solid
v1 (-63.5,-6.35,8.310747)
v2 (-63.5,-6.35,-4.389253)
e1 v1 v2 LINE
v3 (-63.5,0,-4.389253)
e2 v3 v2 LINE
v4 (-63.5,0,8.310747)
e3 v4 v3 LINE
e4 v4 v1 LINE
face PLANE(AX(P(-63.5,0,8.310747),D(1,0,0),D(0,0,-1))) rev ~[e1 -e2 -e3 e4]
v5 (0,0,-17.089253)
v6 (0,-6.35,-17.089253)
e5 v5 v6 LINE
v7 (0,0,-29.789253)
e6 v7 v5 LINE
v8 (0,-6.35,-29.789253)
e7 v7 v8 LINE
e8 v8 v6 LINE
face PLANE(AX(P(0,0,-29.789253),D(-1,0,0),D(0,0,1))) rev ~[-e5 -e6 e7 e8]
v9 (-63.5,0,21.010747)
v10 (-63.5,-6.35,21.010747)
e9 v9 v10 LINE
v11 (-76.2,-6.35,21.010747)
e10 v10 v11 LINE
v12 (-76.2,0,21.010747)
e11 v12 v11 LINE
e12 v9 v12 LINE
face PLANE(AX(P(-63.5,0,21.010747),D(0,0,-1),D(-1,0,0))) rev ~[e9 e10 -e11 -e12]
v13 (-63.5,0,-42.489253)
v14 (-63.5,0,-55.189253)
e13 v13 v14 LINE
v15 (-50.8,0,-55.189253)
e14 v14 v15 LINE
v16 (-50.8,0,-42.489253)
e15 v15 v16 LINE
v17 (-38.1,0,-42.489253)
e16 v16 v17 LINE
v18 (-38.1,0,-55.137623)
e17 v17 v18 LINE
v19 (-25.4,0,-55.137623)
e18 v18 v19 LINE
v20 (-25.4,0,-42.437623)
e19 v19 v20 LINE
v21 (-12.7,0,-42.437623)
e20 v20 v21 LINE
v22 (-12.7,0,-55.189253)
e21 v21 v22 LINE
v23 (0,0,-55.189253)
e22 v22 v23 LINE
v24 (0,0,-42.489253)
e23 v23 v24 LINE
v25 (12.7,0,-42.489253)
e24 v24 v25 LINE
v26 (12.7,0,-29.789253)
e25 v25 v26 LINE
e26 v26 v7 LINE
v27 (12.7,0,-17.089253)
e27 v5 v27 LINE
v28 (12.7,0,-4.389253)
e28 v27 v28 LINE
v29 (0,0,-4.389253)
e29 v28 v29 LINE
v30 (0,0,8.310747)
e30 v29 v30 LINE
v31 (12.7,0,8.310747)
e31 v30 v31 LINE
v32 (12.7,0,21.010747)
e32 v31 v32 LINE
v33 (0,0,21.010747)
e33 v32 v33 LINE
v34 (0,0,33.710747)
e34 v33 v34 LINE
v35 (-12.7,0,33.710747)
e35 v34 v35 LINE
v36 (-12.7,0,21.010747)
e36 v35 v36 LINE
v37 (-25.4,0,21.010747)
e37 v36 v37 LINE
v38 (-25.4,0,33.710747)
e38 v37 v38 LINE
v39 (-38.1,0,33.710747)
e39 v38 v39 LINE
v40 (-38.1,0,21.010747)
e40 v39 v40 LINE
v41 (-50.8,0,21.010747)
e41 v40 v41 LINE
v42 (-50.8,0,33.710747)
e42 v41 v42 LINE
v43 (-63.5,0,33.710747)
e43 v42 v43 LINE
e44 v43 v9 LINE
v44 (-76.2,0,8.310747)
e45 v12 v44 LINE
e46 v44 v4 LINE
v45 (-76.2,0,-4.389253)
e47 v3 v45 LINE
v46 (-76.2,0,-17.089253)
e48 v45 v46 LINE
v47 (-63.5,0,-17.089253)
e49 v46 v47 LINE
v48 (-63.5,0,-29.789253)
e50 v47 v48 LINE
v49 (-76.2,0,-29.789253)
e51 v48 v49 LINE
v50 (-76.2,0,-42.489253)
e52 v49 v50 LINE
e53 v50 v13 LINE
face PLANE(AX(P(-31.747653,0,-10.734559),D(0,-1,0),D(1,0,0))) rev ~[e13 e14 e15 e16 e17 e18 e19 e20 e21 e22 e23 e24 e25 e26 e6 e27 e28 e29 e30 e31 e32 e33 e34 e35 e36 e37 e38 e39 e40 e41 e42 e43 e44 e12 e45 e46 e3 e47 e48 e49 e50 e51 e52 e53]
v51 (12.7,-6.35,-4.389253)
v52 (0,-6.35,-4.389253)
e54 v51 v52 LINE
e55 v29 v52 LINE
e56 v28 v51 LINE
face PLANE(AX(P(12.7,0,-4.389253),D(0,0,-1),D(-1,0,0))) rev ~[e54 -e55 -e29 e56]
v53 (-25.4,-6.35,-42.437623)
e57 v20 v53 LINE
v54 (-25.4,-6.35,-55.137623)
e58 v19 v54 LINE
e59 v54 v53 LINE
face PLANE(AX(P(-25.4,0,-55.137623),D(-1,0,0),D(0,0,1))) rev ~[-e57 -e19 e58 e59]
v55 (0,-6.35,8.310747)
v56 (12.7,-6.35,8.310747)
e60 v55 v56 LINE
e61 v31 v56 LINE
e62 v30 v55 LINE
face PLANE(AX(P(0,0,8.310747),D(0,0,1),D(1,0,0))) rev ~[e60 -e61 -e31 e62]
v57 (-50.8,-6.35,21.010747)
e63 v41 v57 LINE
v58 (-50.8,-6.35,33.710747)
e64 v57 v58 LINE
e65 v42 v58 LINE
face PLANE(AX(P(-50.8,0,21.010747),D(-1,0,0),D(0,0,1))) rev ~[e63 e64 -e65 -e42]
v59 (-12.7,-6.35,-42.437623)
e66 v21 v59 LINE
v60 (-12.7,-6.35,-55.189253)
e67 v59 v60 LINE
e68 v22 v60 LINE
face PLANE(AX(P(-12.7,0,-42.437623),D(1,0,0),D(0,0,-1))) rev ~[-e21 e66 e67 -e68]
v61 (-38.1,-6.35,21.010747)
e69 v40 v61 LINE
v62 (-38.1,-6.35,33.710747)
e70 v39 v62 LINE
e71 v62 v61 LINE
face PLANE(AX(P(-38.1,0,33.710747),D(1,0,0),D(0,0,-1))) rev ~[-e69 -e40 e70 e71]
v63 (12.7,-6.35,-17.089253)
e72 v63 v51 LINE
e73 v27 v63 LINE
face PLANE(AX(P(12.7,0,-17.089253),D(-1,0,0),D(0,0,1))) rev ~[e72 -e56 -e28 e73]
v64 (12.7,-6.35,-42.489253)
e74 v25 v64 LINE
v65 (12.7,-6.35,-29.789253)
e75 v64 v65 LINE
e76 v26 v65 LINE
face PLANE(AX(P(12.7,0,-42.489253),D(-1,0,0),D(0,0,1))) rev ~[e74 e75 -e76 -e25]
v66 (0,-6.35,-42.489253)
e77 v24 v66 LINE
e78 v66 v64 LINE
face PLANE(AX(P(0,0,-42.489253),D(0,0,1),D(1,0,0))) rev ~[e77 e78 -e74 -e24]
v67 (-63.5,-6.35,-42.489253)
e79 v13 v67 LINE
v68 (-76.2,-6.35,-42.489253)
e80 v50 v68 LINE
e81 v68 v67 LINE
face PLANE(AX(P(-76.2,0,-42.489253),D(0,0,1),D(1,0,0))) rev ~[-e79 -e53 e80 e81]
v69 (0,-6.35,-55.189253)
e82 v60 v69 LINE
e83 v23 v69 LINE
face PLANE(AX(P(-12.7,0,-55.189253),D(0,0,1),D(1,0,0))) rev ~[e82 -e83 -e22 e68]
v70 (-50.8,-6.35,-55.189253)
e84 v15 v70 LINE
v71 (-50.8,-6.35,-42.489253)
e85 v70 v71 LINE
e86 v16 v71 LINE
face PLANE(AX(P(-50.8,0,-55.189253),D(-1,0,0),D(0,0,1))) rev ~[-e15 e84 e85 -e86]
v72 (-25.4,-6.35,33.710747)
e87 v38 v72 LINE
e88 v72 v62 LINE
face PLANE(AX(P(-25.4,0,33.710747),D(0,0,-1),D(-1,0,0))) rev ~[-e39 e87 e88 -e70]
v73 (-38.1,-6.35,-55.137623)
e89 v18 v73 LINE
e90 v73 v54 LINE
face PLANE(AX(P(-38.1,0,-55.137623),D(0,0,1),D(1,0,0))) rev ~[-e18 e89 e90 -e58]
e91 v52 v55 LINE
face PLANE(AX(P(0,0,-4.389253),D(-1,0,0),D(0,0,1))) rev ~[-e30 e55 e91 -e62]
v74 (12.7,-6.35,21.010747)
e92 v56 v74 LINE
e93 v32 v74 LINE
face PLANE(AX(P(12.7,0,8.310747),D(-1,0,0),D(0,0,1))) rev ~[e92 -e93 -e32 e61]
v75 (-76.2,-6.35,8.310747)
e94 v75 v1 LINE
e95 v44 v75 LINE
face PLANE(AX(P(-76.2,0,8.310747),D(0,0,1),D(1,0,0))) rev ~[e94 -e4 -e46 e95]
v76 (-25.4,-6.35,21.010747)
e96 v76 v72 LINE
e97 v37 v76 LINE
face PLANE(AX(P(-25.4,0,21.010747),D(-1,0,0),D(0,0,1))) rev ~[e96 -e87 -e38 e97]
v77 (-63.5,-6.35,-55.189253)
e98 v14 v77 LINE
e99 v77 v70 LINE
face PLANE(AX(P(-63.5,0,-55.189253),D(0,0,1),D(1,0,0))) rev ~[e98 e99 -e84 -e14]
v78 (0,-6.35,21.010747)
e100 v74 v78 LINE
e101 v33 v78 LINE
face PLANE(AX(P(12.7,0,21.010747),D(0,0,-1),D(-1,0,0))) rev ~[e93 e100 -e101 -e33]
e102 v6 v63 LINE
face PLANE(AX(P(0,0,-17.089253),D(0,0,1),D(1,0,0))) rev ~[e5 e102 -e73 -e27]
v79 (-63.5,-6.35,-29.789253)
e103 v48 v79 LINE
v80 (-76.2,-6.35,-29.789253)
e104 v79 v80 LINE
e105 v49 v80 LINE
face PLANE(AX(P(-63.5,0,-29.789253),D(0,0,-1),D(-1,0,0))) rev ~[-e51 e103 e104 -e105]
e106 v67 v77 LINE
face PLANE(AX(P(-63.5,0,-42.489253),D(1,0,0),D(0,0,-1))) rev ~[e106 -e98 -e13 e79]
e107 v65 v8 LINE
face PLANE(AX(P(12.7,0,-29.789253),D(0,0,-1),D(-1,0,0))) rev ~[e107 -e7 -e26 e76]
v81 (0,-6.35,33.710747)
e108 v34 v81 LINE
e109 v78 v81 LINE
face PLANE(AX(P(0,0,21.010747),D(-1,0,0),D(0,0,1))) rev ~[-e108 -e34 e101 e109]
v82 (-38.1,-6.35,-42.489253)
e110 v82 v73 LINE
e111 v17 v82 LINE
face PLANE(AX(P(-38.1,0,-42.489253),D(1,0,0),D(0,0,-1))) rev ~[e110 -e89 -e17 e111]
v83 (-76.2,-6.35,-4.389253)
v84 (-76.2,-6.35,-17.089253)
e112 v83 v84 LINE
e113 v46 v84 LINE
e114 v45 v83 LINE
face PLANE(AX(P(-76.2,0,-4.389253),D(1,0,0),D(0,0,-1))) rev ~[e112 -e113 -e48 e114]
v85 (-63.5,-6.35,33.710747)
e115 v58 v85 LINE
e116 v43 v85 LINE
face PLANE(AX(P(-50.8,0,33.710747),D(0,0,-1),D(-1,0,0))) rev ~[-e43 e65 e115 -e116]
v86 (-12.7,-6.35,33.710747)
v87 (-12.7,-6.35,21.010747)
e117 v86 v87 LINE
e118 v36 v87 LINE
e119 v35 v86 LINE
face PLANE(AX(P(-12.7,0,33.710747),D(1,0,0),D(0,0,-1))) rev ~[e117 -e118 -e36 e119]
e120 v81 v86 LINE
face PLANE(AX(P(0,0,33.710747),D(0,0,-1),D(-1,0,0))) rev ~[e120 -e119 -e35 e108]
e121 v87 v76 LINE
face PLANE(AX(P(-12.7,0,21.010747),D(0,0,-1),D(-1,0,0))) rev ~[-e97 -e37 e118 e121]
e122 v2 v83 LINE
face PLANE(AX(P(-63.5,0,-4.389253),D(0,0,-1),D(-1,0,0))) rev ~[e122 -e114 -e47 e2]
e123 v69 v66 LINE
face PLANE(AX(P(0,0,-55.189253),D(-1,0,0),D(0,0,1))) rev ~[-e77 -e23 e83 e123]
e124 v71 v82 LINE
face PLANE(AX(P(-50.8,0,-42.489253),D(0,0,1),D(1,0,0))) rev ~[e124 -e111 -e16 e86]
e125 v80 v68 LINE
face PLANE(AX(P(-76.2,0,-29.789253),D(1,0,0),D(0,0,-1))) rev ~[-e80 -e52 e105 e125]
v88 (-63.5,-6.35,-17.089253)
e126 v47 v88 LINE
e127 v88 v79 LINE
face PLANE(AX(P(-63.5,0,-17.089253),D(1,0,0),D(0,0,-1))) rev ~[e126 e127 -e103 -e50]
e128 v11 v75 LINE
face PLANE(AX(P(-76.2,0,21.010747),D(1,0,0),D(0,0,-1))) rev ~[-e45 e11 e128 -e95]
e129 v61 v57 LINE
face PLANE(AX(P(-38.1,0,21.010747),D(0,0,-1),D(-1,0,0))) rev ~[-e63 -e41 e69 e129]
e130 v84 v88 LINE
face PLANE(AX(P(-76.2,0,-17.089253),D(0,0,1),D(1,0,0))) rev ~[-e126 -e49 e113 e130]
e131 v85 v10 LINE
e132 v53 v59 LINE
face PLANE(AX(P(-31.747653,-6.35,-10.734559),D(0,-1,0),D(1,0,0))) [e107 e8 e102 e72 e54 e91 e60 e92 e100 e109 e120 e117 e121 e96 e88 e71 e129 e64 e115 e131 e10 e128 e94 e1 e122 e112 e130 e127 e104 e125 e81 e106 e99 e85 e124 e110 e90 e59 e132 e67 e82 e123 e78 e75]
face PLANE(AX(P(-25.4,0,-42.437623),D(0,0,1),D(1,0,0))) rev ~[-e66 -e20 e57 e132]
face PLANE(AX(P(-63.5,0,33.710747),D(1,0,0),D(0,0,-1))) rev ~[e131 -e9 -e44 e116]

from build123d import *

# Parameters (mm, degrees)
F1_DEPTH = 6.35


with BuildPart() as f1:
    # F0 (on Front) → F1 (new body)
    with BuildSketch(Plane.XZ):
        Polygon((0, 21.010747), (0, 33.710747), (-12.7, 33.710747), (-12.7, 21.010747), (-25.4, 21.010747), (-25.4, 33.710747), (-38.1, 33.710747), (-38.1, 21.010747), (-50.8, 21.010747), (-50.8, 33.710747), (-63.5, 33.710747), (-63.5, 21.010747), (-76.2, 21.010747), (-76.2, 8.310747), (-63.5, 8.310747), (-63.5, -4.389253), (-76.2, -4.389253), (-76.2, -17.089253), (-63.5, -17.089253), (-63.5, -29.789253), (-76.2, -29.789253), (-76.2, -42.489253), (-63.5, -42.489253), (-63.5, -55.189253), (-50.8, -55.189253), (-50.8, -42.489253), (-38.1, -42.489253), (-38.1, -55.137623), (-25.4, -55.137623), (-25.4, -42.437623), (-12.7, -42.437623), (-12.7, -55.189253), (0, -55.189253), (0, -42.489253), (12.7, -42.489253), (12.7, -29.789253), (0, -29.789253), (0, -17.089253), (12.7, -17.089253), (12.7, -4.389253), (0, -4.389253), (0, 8.310747), (12.7, 8.310747), (12.7, 21.010747), align=None)
    extrude(amount=F1_DEPTH)


solid = f1.part
